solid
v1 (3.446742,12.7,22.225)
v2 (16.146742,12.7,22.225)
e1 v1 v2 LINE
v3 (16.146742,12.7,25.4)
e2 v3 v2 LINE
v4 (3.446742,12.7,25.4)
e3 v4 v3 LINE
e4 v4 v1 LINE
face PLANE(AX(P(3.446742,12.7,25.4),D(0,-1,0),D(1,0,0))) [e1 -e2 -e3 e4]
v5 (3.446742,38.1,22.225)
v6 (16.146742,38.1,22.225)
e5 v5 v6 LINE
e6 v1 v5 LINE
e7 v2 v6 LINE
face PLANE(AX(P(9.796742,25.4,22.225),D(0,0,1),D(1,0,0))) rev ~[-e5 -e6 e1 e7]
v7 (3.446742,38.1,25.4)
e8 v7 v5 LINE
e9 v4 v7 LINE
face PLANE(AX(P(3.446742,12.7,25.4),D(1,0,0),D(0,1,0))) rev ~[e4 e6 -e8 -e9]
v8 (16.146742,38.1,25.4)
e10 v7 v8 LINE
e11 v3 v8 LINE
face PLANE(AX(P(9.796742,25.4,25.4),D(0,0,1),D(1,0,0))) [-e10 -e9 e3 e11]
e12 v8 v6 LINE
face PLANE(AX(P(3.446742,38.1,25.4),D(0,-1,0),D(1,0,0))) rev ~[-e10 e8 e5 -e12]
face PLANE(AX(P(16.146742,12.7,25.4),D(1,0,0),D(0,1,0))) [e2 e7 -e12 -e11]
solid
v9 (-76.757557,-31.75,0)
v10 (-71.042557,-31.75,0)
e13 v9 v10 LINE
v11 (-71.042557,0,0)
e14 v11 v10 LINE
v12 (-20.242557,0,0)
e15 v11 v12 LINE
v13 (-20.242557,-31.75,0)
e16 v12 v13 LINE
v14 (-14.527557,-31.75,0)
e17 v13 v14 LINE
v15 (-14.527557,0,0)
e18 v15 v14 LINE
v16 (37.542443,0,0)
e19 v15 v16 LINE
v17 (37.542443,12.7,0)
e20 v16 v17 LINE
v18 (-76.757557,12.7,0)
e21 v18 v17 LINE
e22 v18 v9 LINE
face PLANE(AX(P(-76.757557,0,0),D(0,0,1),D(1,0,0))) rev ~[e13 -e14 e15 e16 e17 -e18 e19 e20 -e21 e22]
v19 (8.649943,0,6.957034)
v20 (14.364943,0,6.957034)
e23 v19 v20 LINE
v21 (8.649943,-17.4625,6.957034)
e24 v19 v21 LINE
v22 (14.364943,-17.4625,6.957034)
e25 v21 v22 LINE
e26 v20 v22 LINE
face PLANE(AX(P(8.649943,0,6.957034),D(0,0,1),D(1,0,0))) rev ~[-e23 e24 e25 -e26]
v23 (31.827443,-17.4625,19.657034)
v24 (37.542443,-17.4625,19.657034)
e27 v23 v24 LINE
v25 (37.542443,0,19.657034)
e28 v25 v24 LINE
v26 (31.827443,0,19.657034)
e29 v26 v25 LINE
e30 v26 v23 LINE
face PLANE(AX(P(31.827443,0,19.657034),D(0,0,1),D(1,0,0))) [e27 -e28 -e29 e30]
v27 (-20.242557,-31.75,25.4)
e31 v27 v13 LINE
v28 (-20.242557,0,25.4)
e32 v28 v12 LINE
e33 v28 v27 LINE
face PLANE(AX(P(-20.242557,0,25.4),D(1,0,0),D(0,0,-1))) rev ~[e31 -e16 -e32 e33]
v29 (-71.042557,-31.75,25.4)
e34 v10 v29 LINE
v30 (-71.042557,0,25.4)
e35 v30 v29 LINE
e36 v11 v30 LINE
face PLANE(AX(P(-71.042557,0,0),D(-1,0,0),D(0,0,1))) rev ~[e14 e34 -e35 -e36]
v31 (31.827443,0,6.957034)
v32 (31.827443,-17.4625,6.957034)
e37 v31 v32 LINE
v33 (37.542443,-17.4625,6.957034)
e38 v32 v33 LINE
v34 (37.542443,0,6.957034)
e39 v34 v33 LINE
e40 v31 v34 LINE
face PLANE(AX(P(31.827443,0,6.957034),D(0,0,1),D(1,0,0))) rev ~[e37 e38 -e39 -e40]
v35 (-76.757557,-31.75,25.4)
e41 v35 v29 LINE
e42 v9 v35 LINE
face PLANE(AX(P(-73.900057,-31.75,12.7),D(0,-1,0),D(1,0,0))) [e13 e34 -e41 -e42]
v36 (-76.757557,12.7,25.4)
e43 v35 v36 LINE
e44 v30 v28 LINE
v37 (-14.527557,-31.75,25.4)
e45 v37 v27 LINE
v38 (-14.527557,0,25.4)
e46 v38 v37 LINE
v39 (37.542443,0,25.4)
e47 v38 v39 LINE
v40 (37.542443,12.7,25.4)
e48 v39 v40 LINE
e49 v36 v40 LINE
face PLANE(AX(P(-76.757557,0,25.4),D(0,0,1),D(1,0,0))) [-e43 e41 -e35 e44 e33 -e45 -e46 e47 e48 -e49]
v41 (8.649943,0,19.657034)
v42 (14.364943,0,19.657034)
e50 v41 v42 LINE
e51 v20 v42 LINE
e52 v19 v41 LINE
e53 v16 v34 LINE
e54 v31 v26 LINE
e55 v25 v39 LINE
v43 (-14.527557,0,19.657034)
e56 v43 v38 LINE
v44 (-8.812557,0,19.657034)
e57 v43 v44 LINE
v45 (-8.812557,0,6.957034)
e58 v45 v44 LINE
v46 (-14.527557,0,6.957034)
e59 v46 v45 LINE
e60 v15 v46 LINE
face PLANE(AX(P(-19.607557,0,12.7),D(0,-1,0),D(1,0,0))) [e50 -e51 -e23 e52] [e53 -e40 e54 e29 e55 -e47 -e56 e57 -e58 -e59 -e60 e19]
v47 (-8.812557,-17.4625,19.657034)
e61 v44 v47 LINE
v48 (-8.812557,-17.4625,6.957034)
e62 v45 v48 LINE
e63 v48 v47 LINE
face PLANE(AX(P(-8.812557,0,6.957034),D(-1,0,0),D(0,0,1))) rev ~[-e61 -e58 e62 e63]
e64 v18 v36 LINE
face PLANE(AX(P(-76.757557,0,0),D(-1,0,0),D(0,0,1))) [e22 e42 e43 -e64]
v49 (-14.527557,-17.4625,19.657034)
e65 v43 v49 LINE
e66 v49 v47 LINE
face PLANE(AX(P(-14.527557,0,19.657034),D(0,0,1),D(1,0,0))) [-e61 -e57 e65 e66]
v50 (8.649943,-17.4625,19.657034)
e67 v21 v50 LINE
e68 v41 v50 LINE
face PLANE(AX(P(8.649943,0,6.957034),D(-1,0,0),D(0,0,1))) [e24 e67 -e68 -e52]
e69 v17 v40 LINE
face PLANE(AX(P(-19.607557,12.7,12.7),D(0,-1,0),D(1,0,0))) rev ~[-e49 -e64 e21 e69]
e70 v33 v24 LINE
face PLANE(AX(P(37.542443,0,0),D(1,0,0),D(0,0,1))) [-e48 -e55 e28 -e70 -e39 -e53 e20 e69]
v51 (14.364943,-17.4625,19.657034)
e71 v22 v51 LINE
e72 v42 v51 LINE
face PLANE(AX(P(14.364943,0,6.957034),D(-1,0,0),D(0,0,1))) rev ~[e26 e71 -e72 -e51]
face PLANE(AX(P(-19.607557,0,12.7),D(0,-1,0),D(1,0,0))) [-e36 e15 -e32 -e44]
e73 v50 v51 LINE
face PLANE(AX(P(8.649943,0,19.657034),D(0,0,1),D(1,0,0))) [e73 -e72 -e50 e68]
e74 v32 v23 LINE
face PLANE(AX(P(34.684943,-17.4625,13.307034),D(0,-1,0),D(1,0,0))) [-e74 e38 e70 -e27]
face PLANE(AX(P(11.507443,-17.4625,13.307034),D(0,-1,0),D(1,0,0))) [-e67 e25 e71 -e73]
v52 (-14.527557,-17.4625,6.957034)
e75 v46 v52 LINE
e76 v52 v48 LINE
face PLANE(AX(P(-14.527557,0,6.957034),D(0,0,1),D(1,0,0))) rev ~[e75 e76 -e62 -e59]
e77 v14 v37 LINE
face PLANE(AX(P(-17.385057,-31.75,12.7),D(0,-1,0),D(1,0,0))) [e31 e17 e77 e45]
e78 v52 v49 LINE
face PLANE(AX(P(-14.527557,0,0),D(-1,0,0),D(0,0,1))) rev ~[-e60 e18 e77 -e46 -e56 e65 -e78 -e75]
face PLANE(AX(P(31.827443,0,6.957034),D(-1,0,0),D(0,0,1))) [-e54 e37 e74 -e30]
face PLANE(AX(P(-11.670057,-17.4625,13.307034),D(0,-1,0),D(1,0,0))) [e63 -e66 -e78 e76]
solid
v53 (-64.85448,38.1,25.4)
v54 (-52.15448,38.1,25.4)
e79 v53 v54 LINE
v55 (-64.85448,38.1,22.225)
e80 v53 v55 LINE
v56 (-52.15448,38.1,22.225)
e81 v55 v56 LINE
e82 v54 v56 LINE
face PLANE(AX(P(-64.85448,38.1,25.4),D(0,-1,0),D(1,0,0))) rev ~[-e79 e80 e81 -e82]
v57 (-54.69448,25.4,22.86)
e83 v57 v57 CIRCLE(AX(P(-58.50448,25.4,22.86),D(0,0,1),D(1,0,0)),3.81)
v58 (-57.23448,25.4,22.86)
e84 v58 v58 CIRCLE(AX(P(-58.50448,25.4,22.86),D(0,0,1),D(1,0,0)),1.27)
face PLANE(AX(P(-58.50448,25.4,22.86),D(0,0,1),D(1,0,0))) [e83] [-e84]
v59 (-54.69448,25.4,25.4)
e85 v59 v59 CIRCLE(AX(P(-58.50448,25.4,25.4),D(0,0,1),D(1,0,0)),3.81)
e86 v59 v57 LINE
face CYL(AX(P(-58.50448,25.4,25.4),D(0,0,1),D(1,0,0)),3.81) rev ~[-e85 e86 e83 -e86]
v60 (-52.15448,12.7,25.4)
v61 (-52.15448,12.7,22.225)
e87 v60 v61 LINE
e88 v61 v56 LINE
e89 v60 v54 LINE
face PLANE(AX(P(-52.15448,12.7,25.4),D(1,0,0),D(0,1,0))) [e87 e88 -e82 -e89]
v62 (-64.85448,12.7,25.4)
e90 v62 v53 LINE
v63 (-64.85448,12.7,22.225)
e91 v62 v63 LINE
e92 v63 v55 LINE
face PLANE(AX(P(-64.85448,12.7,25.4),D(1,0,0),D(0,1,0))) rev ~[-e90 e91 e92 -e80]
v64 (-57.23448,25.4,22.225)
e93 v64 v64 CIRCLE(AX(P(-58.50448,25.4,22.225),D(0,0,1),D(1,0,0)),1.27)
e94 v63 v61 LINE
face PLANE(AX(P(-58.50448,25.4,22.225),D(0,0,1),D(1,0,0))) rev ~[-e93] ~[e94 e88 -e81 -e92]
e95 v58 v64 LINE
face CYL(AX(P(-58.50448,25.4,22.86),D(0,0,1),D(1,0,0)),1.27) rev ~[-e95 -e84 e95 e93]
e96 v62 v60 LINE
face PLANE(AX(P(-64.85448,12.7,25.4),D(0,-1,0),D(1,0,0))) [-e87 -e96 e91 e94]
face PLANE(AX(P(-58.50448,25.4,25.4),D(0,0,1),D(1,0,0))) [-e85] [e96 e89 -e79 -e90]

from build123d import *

# Parameters (mm, degrees)
F0_W      = 114.3
F0_H      = 25.4
F1_DEPTH  = 12.7
F2_W      = 5.715
F2_H      = 25.4
F3_DEPTH  = 31.75
F4_W      = 5.715
F4_H      = 12.7
F5_DEPTH  = 17.4625
F6_W      = 12.7
F6_H      = 25.4
F7_DEPTH  = 3.175
F8_R      = 3.81
F9_DEPTH  = 2.54
F10_R     = 1.27
F11_DEPTH = 22.861


with BuildPart() as f1:
    # F0 (on Front) → F1 (new body)
    with BuildSketch(Plane.XZ):
        with Locations((-19.607557, 12.7)):
            Rectangle(F0_W, F0_H)
    extrude(amount=-F1_DEPTH)

    # F2 (on face) → F3 (join)
    with BuildSketch(Plane.XZ):
        with Locations((-73.900057, 12.7)):
            Rectangle(F2_W, F2_H)
        Polygon((-14.527557, 25.4), (-20.242557, 25.4), (-20.242557, 0), (-14.527557, 0), (-14.527557, 6.35), (-14.527557, 19.05), align=None)
    extrude(amount=F3_DEPTH)

    # F4 (on face) → F5 (join)
    with BuildSketch(Plane.XZ):
        with Locations((-11.670057, 13.307034)):
            Rectangle(F4_W, F4_H)
        with Locations((11.507443, 13.307034)):
            Rectangle(F4_W, F4_H)
        with Locations((34.684943, 13.307034)):
            Rectangle(F4_W, F4_H)
    extrude(amount=F5_DEPTH)


with BuildPart() as f7:
    # F6 (on face) → F7 (new body)
    with BuildSketch(Plane.XY.offset(25.4)):
        with Locations((-58.50448, 25.4)):
            Rectangle(F6_W, F6_H)
        with Locations((9.796742, 25.4)):
            Rectangle(F6_W, F6_H)
    extrude(amount=-F7_DEPTH)

    # F8 (on face) → F9 (cut)
    with BuildSketch(Plane.XY.offset(25.4)):
        with Locations((-58.50448, 25.4)):
            Circle(F8_R)
    extrude(amount=-F9_DEPTH, mode=Mode.SUBTRACT)

    # F10 (on face) → F11 (cut, through all)
    with BuildSketch(Plane.XY.offset(22.86)):
        with Locations((-58.50448, 25.4)):
            Circle(F10_R)
    extrude(amount=-F11_DEPTH, mode=Mode.SUBTRACT)


solid = Compound([f1.part, f7.part])
